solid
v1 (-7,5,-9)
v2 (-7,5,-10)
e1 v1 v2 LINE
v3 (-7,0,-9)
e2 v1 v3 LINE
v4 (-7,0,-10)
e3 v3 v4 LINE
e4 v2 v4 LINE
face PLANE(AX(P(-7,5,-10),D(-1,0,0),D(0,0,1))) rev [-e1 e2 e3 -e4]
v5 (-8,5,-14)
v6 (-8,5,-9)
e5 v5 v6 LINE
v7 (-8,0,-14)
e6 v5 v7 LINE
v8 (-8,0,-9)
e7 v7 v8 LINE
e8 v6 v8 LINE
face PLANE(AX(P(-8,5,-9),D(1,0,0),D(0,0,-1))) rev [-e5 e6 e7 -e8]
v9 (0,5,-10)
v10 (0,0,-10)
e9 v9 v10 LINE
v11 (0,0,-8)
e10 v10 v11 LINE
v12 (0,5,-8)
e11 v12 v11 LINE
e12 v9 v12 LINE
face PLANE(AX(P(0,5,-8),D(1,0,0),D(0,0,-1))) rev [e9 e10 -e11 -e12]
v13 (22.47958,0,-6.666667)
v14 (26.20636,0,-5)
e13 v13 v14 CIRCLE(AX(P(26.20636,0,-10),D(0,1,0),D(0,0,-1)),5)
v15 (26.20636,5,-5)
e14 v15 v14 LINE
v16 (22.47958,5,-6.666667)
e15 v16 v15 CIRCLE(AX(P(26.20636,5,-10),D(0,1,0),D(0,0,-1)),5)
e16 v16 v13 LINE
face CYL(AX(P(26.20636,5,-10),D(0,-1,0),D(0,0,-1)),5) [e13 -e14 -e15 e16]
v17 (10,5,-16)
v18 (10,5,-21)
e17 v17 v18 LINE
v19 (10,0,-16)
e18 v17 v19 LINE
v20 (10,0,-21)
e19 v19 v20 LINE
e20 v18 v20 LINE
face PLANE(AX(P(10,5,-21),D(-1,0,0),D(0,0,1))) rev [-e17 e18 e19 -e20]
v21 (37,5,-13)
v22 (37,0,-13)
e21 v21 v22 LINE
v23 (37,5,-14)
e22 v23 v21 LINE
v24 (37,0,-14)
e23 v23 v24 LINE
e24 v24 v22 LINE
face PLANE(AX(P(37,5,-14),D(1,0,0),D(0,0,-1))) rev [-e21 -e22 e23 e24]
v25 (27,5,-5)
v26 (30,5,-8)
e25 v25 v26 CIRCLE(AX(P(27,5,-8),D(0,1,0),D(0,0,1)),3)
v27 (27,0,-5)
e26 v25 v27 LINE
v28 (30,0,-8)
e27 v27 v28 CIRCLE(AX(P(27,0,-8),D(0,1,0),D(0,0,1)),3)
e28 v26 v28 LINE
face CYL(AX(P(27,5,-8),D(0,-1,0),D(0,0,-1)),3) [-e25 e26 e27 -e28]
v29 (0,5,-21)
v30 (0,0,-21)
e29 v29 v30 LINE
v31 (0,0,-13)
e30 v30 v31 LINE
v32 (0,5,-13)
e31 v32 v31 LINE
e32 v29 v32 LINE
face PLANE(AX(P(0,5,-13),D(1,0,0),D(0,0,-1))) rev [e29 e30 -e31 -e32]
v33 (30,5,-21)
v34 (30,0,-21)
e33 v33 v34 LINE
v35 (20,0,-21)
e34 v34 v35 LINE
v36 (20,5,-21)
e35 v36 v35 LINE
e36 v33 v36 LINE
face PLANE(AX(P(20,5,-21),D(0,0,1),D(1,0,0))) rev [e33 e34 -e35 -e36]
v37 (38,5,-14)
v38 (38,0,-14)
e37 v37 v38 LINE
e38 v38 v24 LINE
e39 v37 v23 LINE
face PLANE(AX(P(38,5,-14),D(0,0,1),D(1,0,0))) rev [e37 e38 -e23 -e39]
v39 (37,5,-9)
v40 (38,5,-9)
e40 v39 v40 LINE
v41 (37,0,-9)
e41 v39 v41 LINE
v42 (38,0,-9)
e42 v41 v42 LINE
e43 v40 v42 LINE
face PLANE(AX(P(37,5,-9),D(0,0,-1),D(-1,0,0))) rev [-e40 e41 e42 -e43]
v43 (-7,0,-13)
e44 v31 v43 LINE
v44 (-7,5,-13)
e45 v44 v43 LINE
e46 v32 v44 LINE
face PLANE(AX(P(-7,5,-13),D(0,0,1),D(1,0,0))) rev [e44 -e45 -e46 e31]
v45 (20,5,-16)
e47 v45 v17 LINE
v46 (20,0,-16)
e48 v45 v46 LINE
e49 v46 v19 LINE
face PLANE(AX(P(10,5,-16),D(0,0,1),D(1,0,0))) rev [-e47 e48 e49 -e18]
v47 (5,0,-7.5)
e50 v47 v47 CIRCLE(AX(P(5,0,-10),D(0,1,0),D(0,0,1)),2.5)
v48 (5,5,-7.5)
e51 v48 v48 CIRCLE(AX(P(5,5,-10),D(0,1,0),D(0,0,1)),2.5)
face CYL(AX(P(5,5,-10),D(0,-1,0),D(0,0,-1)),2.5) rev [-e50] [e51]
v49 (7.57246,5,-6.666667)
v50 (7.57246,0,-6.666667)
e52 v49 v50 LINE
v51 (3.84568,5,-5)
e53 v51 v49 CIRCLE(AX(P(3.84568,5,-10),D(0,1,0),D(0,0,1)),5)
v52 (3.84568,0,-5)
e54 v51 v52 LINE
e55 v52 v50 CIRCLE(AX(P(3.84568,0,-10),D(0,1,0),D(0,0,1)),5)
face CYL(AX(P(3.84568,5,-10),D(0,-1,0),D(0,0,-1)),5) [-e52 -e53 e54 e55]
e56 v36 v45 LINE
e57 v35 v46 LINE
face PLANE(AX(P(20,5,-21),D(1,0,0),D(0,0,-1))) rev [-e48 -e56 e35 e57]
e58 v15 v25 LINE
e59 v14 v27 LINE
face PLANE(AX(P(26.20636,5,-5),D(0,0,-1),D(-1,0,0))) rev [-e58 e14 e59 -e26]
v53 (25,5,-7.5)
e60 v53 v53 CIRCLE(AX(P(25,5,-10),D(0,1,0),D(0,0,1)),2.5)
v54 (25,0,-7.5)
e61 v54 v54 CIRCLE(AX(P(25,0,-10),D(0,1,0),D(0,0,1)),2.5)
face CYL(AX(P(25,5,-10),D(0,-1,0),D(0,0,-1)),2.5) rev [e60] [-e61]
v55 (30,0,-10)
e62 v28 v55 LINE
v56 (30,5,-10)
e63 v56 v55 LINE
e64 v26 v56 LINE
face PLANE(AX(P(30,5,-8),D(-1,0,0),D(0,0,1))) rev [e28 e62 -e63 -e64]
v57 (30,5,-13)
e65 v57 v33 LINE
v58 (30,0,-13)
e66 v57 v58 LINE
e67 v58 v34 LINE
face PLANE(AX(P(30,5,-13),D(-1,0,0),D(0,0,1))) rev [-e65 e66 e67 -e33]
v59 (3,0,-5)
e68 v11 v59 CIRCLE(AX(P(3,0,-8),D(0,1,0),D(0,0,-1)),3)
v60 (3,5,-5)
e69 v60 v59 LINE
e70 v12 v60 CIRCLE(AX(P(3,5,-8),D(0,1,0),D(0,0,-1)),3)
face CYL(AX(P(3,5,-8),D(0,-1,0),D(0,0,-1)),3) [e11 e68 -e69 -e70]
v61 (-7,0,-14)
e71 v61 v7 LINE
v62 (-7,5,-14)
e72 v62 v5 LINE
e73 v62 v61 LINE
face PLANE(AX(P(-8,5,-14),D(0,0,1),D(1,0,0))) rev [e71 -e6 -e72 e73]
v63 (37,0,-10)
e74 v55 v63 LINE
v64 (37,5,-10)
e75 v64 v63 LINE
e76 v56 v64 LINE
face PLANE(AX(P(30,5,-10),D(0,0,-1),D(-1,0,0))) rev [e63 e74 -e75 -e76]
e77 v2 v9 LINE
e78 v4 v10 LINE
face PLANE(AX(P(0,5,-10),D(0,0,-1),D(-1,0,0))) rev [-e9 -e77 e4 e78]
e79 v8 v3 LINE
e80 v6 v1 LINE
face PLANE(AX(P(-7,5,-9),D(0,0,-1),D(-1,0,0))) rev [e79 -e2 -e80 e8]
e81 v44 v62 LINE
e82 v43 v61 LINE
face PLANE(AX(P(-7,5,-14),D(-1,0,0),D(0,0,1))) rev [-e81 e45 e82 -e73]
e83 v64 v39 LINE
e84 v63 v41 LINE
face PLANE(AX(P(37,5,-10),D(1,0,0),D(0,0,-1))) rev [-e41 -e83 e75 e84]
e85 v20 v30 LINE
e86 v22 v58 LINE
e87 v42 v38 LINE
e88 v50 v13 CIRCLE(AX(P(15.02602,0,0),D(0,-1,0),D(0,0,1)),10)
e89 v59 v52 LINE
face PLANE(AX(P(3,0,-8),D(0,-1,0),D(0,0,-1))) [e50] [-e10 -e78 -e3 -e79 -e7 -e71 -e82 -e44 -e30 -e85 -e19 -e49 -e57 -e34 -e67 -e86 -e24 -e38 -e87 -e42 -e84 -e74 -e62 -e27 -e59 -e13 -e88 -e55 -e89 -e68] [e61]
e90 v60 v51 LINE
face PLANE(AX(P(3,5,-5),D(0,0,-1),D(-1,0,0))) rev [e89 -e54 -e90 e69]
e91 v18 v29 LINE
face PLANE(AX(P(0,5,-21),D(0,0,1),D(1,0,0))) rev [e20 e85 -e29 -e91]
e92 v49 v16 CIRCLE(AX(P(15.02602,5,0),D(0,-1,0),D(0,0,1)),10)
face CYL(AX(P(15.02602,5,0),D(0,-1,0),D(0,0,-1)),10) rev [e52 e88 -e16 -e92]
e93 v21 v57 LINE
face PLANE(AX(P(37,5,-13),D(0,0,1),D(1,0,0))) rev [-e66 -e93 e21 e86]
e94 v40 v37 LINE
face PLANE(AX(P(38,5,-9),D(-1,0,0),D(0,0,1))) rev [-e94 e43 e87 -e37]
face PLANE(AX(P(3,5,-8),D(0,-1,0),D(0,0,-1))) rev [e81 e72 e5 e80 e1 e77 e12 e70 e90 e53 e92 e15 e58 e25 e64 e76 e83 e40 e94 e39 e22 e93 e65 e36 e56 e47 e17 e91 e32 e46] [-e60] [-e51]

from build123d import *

# Parameters (mm, degrees)
SKETCH_1_R      = 2.5
EXTRUDE_1_DEPTH = 5


with BuildPart() as part:
    # 草图1 → 凸台-拉伸1 (new body)
    with BuildSketch(Plane(origin=(0, 0, 0), x_dir=(1, 0, 0), z_dir=(0, 1, 0))):
        with BuildLine():
            Line((20, 21), (30, 21))
            Line((30, 21), (30, 13))
            Line((30, 13), (37, 13))
            Line((37, 13), (37, 14))
            Line((37, 14), (38, 14))
            Line((38, 14), (38, 9))
            Line((38, 9), (37, 9))
            Line((37, 9), (37, 10))
            Line((37, 10), (30, 10))
            Line((30, 10), (30, 8))
            ThreePointArc((30, 8), (29.121320344, 5.878679656), (27, 5))
            Line((27, 5), (26.206359593, 5))
            ThreePointArc((26.206359593, 5), (24.165118141, 5.435645354), (22.47957963, 6.666666667))
            ThreePointArc((22.47957963, 6.666666667), (15.026019705, 10), (7.57245978, 6.666666667))
            ThreePointArc((7.57245978, 6.666666667), (5.88692127, 5.435645354), (3.845679818, 5))
            Line((3.845679818, 5), (3, 5))
            ThreePointArc((3, 5), (0.878679656, 5.878679656), (0, 8))
            Line((0, 8), (0, 10))
            Line((0, 10), (-7, 10))
            Line((-7, 10), (-7, 9))
            Line((-7, 9), (-8, 9))
            Line((-8, 9), (-8, 14))
            Line((-8, 14), (-7, 14))
            Line((-7, 14), (-7, 13))
            Line((-7, 13), (0, 13))
            Line((0, 13), (0, 21))
            Line((0, 21), (10, 21))
            Line((10, 21), (10, 16))
            Line((10, 16), (20, 16))
            Line((20, 16), (20, 21))
        make_face()
        with Locations(Location((5, 10, 0), (0, 0, 270))):
            Circle(SKETCH_1_R, mode=Mode.SUBTRACT)
        with Locations(Location((25, 10, 0), (0, 0, 270))):
            Circle(SKETCH_1_R, mode=Mode.SUBTRACT)
    extrude(amount=EXTRUDE_1_DEPTH)


solid = part.part
